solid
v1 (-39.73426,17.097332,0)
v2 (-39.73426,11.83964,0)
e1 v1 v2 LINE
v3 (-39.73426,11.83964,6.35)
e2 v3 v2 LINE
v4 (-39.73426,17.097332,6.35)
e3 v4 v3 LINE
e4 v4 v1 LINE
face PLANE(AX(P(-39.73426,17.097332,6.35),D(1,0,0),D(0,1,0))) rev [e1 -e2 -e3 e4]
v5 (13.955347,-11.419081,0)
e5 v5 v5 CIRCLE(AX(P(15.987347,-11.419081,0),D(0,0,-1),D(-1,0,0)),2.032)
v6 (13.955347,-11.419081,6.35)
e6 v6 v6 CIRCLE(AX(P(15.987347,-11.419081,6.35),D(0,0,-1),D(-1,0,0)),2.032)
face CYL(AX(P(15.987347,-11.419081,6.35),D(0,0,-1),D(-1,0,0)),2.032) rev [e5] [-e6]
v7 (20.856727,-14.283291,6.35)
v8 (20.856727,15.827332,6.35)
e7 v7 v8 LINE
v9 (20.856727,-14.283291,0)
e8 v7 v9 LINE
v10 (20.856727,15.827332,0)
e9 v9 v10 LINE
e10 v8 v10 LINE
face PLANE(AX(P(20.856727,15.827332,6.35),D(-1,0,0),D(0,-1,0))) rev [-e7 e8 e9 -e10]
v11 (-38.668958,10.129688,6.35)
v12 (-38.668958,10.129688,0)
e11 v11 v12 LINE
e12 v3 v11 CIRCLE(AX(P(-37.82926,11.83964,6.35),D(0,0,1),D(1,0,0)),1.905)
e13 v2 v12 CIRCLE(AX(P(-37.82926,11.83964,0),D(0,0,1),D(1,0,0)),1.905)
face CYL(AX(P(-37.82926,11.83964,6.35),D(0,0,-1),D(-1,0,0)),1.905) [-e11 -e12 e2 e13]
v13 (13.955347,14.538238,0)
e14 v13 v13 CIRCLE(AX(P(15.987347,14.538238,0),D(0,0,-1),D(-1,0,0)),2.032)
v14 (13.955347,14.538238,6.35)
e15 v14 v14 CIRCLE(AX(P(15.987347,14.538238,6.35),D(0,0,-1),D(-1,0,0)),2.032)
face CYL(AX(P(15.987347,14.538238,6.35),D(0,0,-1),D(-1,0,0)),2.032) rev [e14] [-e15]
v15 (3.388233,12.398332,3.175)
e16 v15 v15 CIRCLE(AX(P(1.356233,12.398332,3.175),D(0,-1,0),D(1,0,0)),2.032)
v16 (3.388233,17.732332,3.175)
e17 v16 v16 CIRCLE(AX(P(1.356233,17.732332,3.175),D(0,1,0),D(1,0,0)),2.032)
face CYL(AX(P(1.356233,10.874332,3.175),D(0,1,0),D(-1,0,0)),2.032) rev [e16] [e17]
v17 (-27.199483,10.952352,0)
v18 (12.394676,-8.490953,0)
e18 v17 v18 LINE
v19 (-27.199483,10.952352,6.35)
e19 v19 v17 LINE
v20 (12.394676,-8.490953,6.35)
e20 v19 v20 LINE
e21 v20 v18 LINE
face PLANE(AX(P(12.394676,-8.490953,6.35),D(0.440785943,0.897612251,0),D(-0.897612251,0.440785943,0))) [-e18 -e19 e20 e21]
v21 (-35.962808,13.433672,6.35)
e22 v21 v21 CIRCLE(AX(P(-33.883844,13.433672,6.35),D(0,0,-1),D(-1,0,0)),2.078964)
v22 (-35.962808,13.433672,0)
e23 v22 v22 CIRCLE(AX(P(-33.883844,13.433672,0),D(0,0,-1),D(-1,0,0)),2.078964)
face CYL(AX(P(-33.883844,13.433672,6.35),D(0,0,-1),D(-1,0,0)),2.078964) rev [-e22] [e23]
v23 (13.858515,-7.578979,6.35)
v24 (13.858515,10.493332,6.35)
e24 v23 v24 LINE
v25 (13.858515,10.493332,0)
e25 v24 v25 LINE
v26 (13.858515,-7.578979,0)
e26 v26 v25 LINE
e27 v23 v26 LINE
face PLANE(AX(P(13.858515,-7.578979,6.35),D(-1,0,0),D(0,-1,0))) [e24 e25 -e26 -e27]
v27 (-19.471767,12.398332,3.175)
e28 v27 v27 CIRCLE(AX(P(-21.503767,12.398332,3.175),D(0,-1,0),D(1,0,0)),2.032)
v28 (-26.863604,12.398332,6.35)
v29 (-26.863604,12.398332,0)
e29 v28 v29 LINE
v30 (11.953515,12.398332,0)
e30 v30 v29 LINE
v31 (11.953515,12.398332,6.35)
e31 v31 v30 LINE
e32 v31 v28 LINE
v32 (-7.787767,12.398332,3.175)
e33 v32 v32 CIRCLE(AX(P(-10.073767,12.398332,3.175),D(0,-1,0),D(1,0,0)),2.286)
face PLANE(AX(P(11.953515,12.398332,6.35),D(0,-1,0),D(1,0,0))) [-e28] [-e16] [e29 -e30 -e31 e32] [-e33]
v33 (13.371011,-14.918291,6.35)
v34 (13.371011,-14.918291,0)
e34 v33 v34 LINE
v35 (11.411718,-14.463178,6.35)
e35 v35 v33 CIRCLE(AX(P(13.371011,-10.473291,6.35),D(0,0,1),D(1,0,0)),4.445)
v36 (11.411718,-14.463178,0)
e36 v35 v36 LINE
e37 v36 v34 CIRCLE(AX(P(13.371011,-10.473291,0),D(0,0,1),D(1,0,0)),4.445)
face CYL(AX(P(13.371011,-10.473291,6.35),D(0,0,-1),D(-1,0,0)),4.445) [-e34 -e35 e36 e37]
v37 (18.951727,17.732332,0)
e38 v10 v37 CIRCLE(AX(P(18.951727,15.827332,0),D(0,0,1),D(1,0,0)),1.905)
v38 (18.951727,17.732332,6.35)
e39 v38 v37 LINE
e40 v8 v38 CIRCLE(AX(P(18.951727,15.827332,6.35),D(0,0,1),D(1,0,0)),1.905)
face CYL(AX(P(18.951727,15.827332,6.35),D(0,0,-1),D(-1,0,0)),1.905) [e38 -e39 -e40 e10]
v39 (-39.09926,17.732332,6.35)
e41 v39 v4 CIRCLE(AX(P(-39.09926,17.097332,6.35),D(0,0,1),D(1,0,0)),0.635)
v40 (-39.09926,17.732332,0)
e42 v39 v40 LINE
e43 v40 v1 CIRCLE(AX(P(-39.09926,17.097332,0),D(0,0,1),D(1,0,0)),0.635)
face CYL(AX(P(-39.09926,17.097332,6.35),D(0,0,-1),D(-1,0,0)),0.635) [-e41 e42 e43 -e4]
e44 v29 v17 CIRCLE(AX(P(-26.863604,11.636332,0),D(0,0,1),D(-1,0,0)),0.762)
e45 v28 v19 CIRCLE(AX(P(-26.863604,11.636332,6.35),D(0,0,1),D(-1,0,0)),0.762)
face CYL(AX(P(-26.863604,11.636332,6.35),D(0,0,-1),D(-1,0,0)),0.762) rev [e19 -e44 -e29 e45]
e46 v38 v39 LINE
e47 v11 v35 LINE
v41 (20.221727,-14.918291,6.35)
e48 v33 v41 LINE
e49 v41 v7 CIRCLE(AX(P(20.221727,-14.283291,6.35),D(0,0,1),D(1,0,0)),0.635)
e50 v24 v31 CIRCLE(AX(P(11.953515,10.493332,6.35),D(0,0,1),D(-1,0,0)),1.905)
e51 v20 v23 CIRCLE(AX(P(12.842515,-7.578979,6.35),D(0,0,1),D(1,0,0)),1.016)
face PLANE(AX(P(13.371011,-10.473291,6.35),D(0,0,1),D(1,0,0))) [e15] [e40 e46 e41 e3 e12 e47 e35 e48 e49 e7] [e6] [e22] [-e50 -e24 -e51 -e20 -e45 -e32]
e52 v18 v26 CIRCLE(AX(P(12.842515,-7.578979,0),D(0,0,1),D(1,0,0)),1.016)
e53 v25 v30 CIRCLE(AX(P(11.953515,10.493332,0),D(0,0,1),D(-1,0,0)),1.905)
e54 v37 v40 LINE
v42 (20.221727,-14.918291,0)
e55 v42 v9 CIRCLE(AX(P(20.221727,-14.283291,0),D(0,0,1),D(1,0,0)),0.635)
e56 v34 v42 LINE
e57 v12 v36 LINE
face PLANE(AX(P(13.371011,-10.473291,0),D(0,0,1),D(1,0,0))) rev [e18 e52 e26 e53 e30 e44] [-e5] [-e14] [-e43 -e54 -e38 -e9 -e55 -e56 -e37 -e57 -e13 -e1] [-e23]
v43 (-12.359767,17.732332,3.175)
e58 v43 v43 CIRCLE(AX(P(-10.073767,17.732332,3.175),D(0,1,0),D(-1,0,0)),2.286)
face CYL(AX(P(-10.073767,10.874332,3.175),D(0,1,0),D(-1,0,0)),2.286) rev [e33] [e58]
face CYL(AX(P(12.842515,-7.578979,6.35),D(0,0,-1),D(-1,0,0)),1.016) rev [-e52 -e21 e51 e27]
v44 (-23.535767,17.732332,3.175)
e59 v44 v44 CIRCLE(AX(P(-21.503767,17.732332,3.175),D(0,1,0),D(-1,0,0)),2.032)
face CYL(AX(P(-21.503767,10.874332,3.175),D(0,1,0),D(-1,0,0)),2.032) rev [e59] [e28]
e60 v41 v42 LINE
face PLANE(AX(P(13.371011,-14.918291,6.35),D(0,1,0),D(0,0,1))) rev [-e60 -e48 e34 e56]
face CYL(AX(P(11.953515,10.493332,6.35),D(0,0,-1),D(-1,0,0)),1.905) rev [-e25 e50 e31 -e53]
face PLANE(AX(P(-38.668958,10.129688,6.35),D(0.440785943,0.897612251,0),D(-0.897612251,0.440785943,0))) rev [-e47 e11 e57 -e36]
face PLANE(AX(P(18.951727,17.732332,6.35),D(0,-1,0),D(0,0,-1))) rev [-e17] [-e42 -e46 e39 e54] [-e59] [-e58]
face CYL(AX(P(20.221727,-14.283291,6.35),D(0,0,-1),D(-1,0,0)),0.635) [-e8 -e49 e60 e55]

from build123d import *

# Parameters (mm, degrees)
BOSS_EXTRUDE1_DEPTH = 6.35
SKETCH5_R           = 2.032
CUT_EXTRUDE4_DEPTH  = 6.858
SKETCH6_R           = 2.286
CUT_EXTRUDE5_DEPTH  = 6.858
SKETCH7_R           = 2.078963723
SKETCH7_R_2         = 2.032
CUT_EXTRUDE6_DEPTH  = 44.972372637


with BuildPart() as part:
    # Sketch1 → Boss-Extrude1 (new body)
    with BuildSketch(Plane.XY):
        with BuildLine():
            Line((-39.734260423, 17.097332163), (-39.734260423, 11.839639722))
            ThreePointArc((-39.734260423, 11.839639722), (-39.446147588, 10.832316092), (-38.668957645, 10.129688385))
            Line((-38.668957645, 10.129688385), (11.411717792, -14.463177564))
            ThreePointArc((11.411717792, -14.463177564), (12.365282789, -14.803018024), (13.371011309, -14.91829111))
            Line((13.371011309, -14.91829111), (20.221726652, -14.91829111))
            ThreePointArc((20.221726652, -14.91829111), (20.670739459, -14.732303916), (20.856726652, -14.28329111))
            Line((20.856726652, -14.28329111), (20.856726652, 15.827332163))
            ThreePointArc((20.856726652, 15.827332163), (20.298765071, 17.174370581), (18.951726652, 17.732332163))
            Line((18.951726652, 17.732332163), (-39.099260423, 17.732332163))
            ThreePointArc((-39.099260423, 17.732332163), (-39.548273229, 17.546344969), (-39.734260423, 17.097332163))
        make_face()
        with BuildLine():
            Line((13.858514745, -7.578979228), (13.858514745, 10.493332163))
            ThreePointArc((13.858514745, 10.493332163), (13.300553163, 11.840370581), (11.953514745, 12.398332163))
            Line((11.953514745, 12.398332163), (-26.863603786, 12.398332163))
            ThreePointArc((-26.863603786, 12.398332163), (-27.605842685, 11.808742766), (-27.199482675, 10.952351628))
            Line((-27.199482675, 10.952351628), (12.394676227, -8.490953274))
            ThreePointArc((12.394676227, -8.490953274), (13.379754015, -8.441319049), (13.858514745, -7.578979228))
        make_face(mode=Mode.SUBTRACT)
    extrude(amount=BOSS_EXTRUDE1_DEPTH)

    # Sketch5 → Cut-Extrude4 (cut)
    with BuildSketch(Plane(origin=(0, 17.732332163, 0), x_dir=(1, 0, 0), z_dir=(0, 1, 0))):
        with Locations(Location((-21.503766885, -3.175, 0), (0, 0, 180))):
            Circle(SKETCH5_R)
        with Locations((1.356233115, -3.175)):
            Circle(SKETCH5_R)
    extrude(amount=-CUT_EXTRUDE4_DEPTH, mode=Mode.SUBTRACT)

    # Sketch6 → Cut-Extrude5 (cut)
    with BuildSketch(Plane(origin=(0, 17.732332163, 0), x_dir=(1, 0, 0), z_dir=(0, 1, 0))):
        with Locations(Location((-10.073766885, -3.175, 0), (0, 0, 180))):
            Circle(SKETCH6_R)
    extrude(amount=-CUT_EXTRUDE5_DEPTH, mode=Mode.SUBTRACT)

    # Sketch7 → Cut-Extrude6 (cut, through all)
    with BuildSketch(Plane(origin=(0, 0, 0), x_dir=(-1, 0, 0), z_dir=(0, 0, -1))):
        with Locations((33.883843897, 13.433671695)):
            Circle(SKETCH7_R)
        with Locations((-15.98734669, 14.538238486)):
            Circle(SKETCH7_R_2)
        with Locations((-15.98734669, -11.419081089)):
            Circle(SKETCH7_R_2)
    extrude(amount=-CUT_EXTRUDE6_DEPTH, mode=Mode.SUBTRACT)


solid = part.part
